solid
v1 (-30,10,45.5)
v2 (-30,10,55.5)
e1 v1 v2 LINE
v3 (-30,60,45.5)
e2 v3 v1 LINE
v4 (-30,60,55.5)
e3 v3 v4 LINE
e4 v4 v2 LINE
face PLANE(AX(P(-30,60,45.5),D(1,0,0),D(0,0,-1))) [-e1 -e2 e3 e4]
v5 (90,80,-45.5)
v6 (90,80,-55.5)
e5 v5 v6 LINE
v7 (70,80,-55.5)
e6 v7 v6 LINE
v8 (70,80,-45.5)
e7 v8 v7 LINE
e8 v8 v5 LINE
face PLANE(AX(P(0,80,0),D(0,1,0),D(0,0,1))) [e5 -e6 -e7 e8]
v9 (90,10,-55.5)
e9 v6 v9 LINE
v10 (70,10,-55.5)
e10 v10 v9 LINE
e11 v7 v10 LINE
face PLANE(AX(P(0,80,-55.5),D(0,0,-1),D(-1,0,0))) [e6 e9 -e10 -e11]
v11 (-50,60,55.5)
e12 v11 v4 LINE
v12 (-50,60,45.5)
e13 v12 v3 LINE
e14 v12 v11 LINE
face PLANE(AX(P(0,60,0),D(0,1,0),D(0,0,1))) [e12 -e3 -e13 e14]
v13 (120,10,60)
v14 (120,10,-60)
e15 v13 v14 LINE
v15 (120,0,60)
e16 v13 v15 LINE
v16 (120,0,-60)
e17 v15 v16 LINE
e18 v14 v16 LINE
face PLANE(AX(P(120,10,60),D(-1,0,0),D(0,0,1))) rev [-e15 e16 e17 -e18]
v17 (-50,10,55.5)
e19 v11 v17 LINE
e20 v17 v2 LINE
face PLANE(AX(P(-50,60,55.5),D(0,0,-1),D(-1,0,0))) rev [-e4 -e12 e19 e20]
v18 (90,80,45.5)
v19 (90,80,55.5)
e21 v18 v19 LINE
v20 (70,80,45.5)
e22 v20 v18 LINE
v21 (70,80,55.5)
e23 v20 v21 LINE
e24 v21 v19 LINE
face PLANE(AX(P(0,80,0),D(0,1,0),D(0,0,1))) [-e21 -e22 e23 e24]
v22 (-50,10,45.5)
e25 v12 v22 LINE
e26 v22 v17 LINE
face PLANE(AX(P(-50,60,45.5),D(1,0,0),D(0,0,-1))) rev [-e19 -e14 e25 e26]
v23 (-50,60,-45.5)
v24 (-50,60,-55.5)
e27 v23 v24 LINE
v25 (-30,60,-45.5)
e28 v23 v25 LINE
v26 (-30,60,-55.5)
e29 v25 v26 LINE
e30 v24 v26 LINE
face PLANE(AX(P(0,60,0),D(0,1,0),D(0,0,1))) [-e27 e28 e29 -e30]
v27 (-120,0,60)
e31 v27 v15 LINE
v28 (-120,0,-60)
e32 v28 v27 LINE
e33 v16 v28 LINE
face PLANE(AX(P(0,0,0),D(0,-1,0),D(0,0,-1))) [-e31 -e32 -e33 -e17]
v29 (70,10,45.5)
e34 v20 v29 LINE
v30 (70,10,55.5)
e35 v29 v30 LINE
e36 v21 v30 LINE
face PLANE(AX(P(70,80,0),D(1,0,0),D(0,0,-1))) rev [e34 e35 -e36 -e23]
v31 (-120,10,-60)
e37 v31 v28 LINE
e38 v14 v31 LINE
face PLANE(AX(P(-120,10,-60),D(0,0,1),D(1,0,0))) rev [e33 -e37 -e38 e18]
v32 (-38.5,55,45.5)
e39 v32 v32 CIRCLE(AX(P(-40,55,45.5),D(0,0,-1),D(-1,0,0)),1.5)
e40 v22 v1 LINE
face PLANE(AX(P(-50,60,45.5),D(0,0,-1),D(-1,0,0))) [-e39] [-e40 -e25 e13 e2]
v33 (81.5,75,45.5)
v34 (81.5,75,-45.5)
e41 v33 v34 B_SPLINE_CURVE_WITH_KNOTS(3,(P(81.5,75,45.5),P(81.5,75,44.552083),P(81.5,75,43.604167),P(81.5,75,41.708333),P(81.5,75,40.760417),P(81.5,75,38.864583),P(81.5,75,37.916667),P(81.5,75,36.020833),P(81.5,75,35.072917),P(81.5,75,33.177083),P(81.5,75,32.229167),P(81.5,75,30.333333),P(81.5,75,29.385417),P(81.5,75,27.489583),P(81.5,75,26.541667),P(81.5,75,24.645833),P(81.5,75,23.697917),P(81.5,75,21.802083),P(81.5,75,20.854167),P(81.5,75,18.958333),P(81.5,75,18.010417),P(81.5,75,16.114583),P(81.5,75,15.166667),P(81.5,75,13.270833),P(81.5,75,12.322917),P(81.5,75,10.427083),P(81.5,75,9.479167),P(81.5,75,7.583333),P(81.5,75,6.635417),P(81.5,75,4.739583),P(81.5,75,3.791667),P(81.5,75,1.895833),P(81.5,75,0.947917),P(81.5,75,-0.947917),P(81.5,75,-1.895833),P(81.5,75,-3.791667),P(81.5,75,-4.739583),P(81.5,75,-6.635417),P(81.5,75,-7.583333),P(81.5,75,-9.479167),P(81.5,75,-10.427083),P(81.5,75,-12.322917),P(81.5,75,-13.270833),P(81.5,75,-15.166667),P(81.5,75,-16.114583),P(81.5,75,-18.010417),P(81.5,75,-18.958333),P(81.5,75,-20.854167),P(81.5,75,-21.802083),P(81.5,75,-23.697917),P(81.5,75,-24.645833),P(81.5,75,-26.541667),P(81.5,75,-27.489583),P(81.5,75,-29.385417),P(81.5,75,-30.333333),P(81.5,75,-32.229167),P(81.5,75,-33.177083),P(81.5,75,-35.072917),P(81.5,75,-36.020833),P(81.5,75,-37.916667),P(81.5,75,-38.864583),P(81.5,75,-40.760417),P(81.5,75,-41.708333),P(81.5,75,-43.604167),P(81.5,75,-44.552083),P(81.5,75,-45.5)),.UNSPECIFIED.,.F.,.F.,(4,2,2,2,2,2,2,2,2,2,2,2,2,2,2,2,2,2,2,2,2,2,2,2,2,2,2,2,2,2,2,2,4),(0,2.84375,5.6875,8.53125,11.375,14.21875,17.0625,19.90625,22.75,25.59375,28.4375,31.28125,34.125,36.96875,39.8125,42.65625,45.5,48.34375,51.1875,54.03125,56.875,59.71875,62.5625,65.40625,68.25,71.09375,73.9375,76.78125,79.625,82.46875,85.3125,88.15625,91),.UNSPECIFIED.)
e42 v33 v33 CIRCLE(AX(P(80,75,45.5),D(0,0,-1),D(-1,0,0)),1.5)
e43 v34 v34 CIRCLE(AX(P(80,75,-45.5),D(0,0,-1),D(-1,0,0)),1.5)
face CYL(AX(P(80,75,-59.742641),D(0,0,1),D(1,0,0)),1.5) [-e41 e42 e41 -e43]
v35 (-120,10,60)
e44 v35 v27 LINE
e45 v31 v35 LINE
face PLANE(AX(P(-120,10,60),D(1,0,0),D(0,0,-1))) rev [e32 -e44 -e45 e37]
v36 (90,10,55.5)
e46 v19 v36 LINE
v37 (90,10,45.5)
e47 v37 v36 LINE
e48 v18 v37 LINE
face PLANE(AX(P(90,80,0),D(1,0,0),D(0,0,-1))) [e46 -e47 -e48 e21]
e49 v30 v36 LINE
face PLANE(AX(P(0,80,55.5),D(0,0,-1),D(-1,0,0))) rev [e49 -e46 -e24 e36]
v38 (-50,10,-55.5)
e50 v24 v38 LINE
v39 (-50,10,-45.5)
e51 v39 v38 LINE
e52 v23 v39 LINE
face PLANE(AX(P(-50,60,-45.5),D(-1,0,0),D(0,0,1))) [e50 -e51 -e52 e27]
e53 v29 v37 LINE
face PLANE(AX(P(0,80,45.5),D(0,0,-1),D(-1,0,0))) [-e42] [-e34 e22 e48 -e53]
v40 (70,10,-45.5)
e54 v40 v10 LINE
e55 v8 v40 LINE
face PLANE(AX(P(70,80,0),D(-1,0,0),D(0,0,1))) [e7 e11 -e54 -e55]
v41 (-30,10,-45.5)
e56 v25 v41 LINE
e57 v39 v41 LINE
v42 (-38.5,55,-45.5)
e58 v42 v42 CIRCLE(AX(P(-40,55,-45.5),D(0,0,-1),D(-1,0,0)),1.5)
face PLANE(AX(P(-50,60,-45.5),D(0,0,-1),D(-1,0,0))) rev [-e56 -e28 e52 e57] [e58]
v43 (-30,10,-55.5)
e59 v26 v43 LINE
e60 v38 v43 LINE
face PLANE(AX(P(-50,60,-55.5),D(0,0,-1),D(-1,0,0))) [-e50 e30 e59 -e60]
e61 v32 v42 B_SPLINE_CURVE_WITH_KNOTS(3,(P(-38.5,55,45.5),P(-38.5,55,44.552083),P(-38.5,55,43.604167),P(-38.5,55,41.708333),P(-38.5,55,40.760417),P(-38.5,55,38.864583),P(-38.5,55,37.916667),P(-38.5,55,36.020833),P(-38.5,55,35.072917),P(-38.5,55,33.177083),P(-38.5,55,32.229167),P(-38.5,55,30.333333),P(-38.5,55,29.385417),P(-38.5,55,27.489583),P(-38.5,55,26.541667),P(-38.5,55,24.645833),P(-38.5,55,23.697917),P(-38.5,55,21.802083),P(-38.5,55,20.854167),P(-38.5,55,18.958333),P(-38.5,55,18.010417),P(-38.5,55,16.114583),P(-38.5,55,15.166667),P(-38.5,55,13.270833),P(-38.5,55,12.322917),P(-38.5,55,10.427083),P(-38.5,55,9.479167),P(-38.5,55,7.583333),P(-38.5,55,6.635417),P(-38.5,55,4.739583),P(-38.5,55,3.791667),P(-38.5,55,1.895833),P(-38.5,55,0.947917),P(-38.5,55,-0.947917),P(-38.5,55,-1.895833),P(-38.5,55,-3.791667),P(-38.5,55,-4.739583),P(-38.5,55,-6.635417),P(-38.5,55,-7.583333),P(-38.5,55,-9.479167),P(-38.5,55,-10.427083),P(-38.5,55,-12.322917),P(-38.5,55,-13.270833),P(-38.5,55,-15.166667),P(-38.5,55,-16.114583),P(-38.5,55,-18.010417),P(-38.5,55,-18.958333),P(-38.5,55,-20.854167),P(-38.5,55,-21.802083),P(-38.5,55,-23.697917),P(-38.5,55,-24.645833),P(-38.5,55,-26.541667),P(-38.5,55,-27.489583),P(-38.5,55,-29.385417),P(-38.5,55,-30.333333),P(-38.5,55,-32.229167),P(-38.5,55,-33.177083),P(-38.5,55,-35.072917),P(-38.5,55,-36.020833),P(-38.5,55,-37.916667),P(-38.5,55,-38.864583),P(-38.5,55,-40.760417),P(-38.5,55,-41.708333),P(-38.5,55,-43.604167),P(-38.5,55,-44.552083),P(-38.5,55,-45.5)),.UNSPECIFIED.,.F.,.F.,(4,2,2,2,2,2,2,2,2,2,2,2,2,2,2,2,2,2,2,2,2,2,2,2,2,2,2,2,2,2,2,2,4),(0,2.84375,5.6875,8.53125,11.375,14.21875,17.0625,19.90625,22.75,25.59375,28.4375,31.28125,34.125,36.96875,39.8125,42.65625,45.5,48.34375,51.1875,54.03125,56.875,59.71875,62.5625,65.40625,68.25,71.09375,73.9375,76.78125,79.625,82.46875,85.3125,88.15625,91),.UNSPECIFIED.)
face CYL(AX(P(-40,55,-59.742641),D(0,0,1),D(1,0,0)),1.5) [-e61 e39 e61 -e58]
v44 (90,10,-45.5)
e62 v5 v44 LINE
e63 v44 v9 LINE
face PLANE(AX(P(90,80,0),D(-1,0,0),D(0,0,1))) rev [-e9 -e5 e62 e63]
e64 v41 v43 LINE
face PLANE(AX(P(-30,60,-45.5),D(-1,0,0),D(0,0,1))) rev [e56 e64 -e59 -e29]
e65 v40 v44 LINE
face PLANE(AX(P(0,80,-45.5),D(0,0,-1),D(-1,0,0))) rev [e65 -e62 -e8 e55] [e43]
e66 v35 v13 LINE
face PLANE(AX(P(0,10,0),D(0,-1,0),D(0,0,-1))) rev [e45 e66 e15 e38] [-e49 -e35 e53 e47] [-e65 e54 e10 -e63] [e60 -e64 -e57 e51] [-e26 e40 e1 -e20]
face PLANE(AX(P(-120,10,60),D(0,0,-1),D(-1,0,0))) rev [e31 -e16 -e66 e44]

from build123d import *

# Parameters (mm, degrees)
CROQUIS1_W              = 240
CROQUIS1_H              = 120
SALIENTE_EXTRUIR1_DEPTH = 10
CROQUIS2_W              = 20
CROQUIS2_H              = 10
SALIENTE_EXTRUIR2_DEPTH = 50
CROQUIS2_3_W            = 20
CROQUIS2_3_H            = 10
SALIENTE_EXTRUIR3_DEPTH = 70
CROQUIS3_R              = 1.5
SALIENTE_EXTRUIR4_DEPTH = 111


with BuildPart() as part:
    # Croquis1 → Saliente-Extruir1 (new body)
    with BuildSketch(Plane(origin=(0, 0, 0), x_dir=(1, 0, 0), z_dir=(0, 1, 0))):
        Rectangle(CROQUIS1_W, CROQUIS1_H)
    extrude(amount=SALIENTE_EXTRUIR1_DEPTH)

    # Croquis2 → Saliente-Extruir2 (add)
    with BuildSketch(Plane(origin=(0, 10, 0), x_dir=(1, 0, 0), z_dir=(0, 1, 0))):
        with Locations((-40, 50.5)):
            Rectangle(CROQUIS2_W, CROQUIS2_H)
        with Locations((-40, -50.5)):
            Rectangle(CROQUIS2_W, CROQUIS2_H)
    extrude(amount=SALIENTE_EXTRUIR2_DEPTH)

    # Croquis2<3> → Saliente-Extruir3 (add)
    with BuildSketch(Plane(origin=(0, 10, 0), x_dir=(1, 0, 0), z_dir=(0, 1, 0))):
        with Locations((80, 50.5)):
            Rectangle(CROQUIS2_3_W, CROQUIS2_3_H)
        with Locations((80, -50.5)):
            Rectangle(CROQUIS2_3_W, CROQUIS2_3_H)
    extrude(amount=SALIENTE_EXTRUIR3_DEPTH)

    # Croquis3 → Saliente-Extruir4 (add)
    with BuildSketch(Plane.XY.offset(55.5)):
        with Locations((-40, 55)):
            Circle(CROQUIS3_R)
        with Locations((80, 75)):
            Circle(CROQUIS3_R)
    extrude(amount=-SALIENTE_EXTRUIR4_DEPTH)


solid = part.part
